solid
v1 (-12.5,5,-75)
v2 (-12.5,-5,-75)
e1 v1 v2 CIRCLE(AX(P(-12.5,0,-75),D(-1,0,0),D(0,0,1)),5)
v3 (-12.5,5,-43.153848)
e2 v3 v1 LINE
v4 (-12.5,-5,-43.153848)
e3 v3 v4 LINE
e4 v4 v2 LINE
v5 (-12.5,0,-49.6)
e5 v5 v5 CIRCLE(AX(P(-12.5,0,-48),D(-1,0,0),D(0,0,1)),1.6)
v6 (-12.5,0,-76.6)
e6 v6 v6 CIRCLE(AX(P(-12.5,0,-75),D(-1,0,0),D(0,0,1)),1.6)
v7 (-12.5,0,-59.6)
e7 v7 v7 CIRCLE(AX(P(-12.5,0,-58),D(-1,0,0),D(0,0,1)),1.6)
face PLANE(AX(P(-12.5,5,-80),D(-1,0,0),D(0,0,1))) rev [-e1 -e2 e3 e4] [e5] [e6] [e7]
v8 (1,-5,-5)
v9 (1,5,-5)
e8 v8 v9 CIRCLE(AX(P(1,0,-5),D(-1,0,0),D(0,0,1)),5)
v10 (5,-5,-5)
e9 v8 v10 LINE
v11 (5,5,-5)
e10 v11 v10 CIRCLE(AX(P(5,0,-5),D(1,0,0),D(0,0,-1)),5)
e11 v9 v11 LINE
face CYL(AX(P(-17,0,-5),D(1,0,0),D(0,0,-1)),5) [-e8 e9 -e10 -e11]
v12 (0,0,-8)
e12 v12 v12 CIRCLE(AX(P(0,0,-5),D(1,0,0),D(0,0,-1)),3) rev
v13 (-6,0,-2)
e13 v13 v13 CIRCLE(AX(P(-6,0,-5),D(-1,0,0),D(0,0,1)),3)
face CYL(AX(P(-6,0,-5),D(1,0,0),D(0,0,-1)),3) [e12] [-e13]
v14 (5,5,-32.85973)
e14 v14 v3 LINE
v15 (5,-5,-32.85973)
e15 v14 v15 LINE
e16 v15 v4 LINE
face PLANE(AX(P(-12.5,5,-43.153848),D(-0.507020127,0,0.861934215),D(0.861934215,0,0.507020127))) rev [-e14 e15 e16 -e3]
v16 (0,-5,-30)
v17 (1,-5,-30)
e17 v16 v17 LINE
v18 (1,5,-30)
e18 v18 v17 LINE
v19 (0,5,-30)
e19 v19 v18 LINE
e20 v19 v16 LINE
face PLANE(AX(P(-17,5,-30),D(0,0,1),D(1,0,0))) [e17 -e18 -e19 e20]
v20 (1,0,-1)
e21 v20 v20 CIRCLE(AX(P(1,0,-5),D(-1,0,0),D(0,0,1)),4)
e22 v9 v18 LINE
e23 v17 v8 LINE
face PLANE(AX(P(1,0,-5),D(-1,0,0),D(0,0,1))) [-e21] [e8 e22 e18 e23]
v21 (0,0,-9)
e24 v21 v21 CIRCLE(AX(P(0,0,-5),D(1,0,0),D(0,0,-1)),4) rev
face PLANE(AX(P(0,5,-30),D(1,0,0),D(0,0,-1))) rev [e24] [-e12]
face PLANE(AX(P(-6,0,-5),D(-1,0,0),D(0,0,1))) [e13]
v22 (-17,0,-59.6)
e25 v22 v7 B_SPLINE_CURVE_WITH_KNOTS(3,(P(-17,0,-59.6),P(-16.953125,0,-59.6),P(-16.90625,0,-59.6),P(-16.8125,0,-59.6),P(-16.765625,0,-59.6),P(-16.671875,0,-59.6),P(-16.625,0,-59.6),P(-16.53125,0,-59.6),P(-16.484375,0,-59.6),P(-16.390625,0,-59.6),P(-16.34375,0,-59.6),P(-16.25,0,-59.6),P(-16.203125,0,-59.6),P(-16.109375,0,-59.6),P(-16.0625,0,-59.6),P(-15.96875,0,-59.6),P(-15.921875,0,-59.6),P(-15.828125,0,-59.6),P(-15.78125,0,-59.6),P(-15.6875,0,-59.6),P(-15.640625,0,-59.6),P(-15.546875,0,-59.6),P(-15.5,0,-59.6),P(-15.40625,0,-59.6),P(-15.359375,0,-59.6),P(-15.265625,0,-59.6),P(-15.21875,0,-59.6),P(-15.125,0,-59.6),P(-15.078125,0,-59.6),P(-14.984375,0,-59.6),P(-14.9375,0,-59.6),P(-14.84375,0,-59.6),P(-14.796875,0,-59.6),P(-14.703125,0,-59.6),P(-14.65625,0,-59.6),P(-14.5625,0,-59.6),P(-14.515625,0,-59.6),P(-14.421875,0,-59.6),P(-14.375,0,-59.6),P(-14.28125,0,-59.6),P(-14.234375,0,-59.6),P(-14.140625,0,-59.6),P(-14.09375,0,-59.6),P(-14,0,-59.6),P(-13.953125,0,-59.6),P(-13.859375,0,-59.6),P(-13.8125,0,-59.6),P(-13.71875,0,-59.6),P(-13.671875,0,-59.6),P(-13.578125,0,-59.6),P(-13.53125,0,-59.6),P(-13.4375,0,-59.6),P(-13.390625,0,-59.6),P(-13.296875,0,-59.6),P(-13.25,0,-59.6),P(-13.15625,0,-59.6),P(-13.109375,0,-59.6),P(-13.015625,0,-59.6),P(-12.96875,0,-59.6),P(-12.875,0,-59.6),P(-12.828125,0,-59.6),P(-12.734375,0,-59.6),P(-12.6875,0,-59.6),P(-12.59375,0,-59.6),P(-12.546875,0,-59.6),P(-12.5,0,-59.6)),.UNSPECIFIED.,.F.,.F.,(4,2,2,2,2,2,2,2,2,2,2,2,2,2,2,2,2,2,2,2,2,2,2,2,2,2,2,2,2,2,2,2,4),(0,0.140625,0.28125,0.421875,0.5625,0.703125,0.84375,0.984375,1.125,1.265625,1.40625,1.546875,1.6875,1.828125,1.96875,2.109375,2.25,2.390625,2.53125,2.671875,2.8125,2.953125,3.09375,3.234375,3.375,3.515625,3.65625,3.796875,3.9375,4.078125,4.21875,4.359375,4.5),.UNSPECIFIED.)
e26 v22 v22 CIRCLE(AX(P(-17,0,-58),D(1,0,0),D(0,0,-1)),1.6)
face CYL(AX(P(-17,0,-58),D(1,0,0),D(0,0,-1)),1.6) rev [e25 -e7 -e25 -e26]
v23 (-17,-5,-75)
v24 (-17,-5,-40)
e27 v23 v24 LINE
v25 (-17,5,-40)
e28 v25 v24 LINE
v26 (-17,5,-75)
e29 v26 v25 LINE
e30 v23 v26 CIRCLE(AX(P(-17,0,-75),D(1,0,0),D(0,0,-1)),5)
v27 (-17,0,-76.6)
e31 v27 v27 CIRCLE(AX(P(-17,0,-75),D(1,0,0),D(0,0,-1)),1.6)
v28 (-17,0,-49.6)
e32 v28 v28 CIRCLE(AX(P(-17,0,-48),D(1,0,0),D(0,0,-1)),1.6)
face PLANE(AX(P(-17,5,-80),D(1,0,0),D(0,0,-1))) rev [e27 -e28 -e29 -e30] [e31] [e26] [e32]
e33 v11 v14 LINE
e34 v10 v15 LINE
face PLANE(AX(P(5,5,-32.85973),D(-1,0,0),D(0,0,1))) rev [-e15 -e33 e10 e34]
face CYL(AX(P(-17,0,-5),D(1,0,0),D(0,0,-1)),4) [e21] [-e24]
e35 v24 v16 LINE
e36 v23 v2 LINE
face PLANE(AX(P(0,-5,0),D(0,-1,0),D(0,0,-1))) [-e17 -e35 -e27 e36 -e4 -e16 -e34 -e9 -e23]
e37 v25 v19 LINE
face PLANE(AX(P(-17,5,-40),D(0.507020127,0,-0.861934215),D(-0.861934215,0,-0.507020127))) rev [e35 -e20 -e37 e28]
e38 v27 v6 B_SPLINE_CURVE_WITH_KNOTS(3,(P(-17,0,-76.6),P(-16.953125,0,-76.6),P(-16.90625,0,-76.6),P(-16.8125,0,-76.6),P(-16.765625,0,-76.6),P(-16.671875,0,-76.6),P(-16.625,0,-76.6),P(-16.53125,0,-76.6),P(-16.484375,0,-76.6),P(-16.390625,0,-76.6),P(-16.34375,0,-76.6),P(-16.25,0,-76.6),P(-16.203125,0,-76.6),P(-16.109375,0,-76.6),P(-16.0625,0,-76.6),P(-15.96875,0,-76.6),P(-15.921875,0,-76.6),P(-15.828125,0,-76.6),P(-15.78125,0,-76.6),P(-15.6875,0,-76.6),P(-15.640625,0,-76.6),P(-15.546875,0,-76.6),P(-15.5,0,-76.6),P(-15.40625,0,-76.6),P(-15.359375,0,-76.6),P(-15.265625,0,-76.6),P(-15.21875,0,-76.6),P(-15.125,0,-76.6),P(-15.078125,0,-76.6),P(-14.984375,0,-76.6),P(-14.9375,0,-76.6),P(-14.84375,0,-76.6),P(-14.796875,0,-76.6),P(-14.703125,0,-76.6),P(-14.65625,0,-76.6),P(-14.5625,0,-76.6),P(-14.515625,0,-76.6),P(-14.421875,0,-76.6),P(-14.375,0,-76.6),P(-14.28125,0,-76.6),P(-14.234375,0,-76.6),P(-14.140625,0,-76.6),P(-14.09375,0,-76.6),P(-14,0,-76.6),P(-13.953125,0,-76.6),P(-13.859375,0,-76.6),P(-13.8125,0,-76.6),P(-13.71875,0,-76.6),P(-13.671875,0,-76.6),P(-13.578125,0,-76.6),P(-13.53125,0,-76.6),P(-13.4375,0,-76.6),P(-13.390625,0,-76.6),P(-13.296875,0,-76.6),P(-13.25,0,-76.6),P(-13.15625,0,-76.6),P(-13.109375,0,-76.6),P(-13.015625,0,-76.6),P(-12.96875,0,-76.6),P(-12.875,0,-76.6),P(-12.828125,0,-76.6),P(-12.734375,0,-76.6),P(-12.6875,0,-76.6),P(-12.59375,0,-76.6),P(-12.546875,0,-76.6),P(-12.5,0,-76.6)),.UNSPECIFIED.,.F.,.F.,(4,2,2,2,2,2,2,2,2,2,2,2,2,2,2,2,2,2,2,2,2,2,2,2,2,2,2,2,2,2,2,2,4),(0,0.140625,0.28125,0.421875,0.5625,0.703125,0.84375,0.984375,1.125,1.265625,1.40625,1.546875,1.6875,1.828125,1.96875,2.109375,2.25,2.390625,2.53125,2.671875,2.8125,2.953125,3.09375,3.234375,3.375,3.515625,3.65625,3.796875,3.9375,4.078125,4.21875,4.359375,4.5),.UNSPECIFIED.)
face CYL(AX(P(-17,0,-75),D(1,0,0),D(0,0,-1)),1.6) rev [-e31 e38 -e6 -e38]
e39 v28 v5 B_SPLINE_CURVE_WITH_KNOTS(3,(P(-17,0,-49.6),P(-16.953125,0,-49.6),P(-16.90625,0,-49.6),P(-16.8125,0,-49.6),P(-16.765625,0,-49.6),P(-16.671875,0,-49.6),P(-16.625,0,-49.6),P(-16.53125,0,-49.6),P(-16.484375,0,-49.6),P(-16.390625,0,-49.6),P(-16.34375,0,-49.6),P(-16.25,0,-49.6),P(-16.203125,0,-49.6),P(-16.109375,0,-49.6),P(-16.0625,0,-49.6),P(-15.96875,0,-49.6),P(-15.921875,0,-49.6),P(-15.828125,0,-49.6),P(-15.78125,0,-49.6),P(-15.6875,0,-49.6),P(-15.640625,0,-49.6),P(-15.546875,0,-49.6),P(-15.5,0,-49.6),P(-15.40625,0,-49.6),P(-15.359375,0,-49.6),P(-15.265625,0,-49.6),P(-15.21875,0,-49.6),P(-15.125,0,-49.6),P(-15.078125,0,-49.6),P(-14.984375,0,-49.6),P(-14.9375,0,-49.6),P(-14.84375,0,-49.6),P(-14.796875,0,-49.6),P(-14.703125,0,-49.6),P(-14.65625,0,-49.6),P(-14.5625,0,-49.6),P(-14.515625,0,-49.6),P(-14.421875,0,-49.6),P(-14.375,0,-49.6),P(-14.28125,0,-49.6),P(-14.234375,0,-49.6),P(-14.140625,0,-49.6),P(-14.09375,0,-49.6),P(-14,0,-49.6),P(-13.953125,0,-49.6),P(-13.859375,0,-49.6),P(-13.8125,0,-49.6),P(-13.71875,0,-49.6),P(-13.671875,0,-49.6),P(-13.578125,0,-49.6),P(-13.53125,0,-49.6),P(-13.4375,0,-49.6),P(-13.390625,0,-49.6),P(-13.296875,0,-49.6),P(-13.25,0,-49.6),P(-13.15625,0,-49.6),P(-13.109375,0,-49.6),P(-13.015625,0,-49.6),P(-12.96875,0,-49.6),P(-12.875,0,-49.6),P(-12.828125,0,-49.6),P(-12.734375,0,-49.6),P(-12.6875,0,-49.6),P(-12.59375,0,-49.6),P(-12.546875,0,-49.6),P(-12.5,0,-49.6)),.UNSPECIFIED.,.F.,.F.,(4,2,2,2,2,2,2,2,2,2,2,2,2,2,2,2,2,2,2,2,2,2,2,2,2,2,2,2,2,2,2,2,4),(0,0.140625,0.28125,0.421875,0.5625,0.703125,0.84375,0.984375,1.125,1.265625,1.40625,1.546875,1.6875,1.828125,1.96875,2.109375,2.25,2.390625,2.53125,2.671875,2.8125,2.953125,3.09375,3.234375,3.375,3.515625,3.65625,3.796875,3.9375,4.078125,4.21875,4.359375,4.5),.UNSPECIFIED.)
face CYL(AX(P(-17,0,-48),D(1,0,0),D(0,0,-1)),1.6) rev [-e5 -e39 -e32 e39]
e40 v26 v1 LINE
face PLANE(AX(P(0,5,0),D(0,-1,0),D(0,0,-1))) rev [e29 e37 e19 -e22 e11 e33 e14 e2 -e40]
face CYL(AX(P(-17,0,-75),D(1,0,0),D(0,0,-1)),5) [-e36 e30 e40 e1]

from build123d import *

# Parameters (mm, degrees)
EXTRUDE_2_DEPTH          = 5
CUT_EXTRUDE_1_DEPTH      = 83.044195407
CUT_EXTRUDE_1_DEPTH_BACK = 83.044195407
SKETCH_3_OUTSIDE_W       = 98.714
SKETCH_3_OUTSIDE_H       = 28.714
CUT_EXTRUDE_2_DEPTH      = 84.120394609
CUT_EXTRUDE_2_DEPTH_BACK = 84.120394609
SKETCH_4_R               = 1.6
SKETCH_5_R               = 3
EXTRUDE_4_DEPTH          = 6
CUT_EXTRUDE_3_DEPTH      = 82.939001702
CUT_EXTRUDE_3_DEPTH_BACK = 1
SKETCH_6_R               = 4


with BuildPart() as part:
    # 草图2 → 凸台-拉伸2 (new, symmetric)
    with BuildSketch(Plane(origin=(0, 0, 0), x_dir=(1, 0, 0), z_dir=(0, 1, 0))):
        Polygon((-17, 40), (0, 30), (0, 0), (5, 0), (5, 32.859730272), (-12.5, 43.153847919), (-12.5, 80), (-17, 80), align=None)
    extrude(amount=EXTRUDE_2_DEPTH, both=True)

    # 草图3 outside → 切除-拉伸1 (cut, two sides: drawn at the far end of the back side and taken through both)
    with BuildSketch(Plane(origin=(-12.5, 0, 0), x_dir=(0, 0, -1), z_dir=(1, 0, 0)).offset(-CUT_EXTRUDE_1_DEPTH_BACK)):
        with Locations((40, 0)):
            Rectangle(SKETCH_3_OUTSIDE_W, SKETCH_3_OUTSIDE_H)
        with BuildLine():
            Line((5, 5), (75, 5))
            ThreePointArc((75, 5), (80, 0), (75, -5))
            Line((75, -5), (5, -5))
            ThreePointArc((5, -5), (0, 0), (5, 5))
        make_face(mode=Mode.SUBTRACT)
    extrude(amount=CUT_EXTRUDE_1_DEPTH + CUT_EXTRUDE_1_DEPTH_BACK, mode=Mode.SUBTRACT)

    # 草图4 → 切除-拉伸2 (cut, two sides: drawn at the far end of the back side and taken through both)
    with BuildSketch(Plane(origin=(5, 0, 0), x_dir=(0, 0, -1), z_dir=(1, 0, 0)).offset(-CUT_EXTRUDE_2_DEPTH_BACK)):
        with Locations((75, 0)):
            Circle(SKETCH_4_R)
        with Locations((58, 0)):
            Circle(SKETCH_4_R)
        with Locations((48, 0)):
            Circle(SKETCH_4_R)
    extrude(amount=CUT_EXTRUDE_2_DEPTH + CUT_EXTRUDE_2_DEPTH_BACK, mode=Mode.SUBTRACT)

    # 草图5 → 凸台-拉伸4 (add)
    with BuildSketch(Plane.ZY):
        with Locations(Location((-5, 0, 0), (0, 0, 180))):
            Circle(SKETCH_5_R)
    extrude(amount=EXTRUDE_4_DEPTH)

    # 草图6 → 切除-拉伸3 (cut, two sides: drawn at the far end of the back side and taken through both)
    with BuildSketch(Plane.ZY.offset(-CUT_EXTRUDE_3_DEPTH_BACK)):
        with BuildLine():
            Line((-5, 5), (-30, 5))
            Line((-30, 5), (-30, -5))
            Line((-30, -5), (-5, -5))
            ThreePointArc((-5, -5), (0, 0), (-5, 5))
        make_face()
        with Locations(Location((-5, 0, 0), (0, 0, 180))):
            Circle(SKETCH_6_R, mode=Mode.SUBTRACT)
    extrude(amount=CUT_EXTRUDE_3_DEPTH + CUT_EXTRUDE_3_DEPTH_BACK, mode=Mode.SUBTRACT)


solid = part.part
